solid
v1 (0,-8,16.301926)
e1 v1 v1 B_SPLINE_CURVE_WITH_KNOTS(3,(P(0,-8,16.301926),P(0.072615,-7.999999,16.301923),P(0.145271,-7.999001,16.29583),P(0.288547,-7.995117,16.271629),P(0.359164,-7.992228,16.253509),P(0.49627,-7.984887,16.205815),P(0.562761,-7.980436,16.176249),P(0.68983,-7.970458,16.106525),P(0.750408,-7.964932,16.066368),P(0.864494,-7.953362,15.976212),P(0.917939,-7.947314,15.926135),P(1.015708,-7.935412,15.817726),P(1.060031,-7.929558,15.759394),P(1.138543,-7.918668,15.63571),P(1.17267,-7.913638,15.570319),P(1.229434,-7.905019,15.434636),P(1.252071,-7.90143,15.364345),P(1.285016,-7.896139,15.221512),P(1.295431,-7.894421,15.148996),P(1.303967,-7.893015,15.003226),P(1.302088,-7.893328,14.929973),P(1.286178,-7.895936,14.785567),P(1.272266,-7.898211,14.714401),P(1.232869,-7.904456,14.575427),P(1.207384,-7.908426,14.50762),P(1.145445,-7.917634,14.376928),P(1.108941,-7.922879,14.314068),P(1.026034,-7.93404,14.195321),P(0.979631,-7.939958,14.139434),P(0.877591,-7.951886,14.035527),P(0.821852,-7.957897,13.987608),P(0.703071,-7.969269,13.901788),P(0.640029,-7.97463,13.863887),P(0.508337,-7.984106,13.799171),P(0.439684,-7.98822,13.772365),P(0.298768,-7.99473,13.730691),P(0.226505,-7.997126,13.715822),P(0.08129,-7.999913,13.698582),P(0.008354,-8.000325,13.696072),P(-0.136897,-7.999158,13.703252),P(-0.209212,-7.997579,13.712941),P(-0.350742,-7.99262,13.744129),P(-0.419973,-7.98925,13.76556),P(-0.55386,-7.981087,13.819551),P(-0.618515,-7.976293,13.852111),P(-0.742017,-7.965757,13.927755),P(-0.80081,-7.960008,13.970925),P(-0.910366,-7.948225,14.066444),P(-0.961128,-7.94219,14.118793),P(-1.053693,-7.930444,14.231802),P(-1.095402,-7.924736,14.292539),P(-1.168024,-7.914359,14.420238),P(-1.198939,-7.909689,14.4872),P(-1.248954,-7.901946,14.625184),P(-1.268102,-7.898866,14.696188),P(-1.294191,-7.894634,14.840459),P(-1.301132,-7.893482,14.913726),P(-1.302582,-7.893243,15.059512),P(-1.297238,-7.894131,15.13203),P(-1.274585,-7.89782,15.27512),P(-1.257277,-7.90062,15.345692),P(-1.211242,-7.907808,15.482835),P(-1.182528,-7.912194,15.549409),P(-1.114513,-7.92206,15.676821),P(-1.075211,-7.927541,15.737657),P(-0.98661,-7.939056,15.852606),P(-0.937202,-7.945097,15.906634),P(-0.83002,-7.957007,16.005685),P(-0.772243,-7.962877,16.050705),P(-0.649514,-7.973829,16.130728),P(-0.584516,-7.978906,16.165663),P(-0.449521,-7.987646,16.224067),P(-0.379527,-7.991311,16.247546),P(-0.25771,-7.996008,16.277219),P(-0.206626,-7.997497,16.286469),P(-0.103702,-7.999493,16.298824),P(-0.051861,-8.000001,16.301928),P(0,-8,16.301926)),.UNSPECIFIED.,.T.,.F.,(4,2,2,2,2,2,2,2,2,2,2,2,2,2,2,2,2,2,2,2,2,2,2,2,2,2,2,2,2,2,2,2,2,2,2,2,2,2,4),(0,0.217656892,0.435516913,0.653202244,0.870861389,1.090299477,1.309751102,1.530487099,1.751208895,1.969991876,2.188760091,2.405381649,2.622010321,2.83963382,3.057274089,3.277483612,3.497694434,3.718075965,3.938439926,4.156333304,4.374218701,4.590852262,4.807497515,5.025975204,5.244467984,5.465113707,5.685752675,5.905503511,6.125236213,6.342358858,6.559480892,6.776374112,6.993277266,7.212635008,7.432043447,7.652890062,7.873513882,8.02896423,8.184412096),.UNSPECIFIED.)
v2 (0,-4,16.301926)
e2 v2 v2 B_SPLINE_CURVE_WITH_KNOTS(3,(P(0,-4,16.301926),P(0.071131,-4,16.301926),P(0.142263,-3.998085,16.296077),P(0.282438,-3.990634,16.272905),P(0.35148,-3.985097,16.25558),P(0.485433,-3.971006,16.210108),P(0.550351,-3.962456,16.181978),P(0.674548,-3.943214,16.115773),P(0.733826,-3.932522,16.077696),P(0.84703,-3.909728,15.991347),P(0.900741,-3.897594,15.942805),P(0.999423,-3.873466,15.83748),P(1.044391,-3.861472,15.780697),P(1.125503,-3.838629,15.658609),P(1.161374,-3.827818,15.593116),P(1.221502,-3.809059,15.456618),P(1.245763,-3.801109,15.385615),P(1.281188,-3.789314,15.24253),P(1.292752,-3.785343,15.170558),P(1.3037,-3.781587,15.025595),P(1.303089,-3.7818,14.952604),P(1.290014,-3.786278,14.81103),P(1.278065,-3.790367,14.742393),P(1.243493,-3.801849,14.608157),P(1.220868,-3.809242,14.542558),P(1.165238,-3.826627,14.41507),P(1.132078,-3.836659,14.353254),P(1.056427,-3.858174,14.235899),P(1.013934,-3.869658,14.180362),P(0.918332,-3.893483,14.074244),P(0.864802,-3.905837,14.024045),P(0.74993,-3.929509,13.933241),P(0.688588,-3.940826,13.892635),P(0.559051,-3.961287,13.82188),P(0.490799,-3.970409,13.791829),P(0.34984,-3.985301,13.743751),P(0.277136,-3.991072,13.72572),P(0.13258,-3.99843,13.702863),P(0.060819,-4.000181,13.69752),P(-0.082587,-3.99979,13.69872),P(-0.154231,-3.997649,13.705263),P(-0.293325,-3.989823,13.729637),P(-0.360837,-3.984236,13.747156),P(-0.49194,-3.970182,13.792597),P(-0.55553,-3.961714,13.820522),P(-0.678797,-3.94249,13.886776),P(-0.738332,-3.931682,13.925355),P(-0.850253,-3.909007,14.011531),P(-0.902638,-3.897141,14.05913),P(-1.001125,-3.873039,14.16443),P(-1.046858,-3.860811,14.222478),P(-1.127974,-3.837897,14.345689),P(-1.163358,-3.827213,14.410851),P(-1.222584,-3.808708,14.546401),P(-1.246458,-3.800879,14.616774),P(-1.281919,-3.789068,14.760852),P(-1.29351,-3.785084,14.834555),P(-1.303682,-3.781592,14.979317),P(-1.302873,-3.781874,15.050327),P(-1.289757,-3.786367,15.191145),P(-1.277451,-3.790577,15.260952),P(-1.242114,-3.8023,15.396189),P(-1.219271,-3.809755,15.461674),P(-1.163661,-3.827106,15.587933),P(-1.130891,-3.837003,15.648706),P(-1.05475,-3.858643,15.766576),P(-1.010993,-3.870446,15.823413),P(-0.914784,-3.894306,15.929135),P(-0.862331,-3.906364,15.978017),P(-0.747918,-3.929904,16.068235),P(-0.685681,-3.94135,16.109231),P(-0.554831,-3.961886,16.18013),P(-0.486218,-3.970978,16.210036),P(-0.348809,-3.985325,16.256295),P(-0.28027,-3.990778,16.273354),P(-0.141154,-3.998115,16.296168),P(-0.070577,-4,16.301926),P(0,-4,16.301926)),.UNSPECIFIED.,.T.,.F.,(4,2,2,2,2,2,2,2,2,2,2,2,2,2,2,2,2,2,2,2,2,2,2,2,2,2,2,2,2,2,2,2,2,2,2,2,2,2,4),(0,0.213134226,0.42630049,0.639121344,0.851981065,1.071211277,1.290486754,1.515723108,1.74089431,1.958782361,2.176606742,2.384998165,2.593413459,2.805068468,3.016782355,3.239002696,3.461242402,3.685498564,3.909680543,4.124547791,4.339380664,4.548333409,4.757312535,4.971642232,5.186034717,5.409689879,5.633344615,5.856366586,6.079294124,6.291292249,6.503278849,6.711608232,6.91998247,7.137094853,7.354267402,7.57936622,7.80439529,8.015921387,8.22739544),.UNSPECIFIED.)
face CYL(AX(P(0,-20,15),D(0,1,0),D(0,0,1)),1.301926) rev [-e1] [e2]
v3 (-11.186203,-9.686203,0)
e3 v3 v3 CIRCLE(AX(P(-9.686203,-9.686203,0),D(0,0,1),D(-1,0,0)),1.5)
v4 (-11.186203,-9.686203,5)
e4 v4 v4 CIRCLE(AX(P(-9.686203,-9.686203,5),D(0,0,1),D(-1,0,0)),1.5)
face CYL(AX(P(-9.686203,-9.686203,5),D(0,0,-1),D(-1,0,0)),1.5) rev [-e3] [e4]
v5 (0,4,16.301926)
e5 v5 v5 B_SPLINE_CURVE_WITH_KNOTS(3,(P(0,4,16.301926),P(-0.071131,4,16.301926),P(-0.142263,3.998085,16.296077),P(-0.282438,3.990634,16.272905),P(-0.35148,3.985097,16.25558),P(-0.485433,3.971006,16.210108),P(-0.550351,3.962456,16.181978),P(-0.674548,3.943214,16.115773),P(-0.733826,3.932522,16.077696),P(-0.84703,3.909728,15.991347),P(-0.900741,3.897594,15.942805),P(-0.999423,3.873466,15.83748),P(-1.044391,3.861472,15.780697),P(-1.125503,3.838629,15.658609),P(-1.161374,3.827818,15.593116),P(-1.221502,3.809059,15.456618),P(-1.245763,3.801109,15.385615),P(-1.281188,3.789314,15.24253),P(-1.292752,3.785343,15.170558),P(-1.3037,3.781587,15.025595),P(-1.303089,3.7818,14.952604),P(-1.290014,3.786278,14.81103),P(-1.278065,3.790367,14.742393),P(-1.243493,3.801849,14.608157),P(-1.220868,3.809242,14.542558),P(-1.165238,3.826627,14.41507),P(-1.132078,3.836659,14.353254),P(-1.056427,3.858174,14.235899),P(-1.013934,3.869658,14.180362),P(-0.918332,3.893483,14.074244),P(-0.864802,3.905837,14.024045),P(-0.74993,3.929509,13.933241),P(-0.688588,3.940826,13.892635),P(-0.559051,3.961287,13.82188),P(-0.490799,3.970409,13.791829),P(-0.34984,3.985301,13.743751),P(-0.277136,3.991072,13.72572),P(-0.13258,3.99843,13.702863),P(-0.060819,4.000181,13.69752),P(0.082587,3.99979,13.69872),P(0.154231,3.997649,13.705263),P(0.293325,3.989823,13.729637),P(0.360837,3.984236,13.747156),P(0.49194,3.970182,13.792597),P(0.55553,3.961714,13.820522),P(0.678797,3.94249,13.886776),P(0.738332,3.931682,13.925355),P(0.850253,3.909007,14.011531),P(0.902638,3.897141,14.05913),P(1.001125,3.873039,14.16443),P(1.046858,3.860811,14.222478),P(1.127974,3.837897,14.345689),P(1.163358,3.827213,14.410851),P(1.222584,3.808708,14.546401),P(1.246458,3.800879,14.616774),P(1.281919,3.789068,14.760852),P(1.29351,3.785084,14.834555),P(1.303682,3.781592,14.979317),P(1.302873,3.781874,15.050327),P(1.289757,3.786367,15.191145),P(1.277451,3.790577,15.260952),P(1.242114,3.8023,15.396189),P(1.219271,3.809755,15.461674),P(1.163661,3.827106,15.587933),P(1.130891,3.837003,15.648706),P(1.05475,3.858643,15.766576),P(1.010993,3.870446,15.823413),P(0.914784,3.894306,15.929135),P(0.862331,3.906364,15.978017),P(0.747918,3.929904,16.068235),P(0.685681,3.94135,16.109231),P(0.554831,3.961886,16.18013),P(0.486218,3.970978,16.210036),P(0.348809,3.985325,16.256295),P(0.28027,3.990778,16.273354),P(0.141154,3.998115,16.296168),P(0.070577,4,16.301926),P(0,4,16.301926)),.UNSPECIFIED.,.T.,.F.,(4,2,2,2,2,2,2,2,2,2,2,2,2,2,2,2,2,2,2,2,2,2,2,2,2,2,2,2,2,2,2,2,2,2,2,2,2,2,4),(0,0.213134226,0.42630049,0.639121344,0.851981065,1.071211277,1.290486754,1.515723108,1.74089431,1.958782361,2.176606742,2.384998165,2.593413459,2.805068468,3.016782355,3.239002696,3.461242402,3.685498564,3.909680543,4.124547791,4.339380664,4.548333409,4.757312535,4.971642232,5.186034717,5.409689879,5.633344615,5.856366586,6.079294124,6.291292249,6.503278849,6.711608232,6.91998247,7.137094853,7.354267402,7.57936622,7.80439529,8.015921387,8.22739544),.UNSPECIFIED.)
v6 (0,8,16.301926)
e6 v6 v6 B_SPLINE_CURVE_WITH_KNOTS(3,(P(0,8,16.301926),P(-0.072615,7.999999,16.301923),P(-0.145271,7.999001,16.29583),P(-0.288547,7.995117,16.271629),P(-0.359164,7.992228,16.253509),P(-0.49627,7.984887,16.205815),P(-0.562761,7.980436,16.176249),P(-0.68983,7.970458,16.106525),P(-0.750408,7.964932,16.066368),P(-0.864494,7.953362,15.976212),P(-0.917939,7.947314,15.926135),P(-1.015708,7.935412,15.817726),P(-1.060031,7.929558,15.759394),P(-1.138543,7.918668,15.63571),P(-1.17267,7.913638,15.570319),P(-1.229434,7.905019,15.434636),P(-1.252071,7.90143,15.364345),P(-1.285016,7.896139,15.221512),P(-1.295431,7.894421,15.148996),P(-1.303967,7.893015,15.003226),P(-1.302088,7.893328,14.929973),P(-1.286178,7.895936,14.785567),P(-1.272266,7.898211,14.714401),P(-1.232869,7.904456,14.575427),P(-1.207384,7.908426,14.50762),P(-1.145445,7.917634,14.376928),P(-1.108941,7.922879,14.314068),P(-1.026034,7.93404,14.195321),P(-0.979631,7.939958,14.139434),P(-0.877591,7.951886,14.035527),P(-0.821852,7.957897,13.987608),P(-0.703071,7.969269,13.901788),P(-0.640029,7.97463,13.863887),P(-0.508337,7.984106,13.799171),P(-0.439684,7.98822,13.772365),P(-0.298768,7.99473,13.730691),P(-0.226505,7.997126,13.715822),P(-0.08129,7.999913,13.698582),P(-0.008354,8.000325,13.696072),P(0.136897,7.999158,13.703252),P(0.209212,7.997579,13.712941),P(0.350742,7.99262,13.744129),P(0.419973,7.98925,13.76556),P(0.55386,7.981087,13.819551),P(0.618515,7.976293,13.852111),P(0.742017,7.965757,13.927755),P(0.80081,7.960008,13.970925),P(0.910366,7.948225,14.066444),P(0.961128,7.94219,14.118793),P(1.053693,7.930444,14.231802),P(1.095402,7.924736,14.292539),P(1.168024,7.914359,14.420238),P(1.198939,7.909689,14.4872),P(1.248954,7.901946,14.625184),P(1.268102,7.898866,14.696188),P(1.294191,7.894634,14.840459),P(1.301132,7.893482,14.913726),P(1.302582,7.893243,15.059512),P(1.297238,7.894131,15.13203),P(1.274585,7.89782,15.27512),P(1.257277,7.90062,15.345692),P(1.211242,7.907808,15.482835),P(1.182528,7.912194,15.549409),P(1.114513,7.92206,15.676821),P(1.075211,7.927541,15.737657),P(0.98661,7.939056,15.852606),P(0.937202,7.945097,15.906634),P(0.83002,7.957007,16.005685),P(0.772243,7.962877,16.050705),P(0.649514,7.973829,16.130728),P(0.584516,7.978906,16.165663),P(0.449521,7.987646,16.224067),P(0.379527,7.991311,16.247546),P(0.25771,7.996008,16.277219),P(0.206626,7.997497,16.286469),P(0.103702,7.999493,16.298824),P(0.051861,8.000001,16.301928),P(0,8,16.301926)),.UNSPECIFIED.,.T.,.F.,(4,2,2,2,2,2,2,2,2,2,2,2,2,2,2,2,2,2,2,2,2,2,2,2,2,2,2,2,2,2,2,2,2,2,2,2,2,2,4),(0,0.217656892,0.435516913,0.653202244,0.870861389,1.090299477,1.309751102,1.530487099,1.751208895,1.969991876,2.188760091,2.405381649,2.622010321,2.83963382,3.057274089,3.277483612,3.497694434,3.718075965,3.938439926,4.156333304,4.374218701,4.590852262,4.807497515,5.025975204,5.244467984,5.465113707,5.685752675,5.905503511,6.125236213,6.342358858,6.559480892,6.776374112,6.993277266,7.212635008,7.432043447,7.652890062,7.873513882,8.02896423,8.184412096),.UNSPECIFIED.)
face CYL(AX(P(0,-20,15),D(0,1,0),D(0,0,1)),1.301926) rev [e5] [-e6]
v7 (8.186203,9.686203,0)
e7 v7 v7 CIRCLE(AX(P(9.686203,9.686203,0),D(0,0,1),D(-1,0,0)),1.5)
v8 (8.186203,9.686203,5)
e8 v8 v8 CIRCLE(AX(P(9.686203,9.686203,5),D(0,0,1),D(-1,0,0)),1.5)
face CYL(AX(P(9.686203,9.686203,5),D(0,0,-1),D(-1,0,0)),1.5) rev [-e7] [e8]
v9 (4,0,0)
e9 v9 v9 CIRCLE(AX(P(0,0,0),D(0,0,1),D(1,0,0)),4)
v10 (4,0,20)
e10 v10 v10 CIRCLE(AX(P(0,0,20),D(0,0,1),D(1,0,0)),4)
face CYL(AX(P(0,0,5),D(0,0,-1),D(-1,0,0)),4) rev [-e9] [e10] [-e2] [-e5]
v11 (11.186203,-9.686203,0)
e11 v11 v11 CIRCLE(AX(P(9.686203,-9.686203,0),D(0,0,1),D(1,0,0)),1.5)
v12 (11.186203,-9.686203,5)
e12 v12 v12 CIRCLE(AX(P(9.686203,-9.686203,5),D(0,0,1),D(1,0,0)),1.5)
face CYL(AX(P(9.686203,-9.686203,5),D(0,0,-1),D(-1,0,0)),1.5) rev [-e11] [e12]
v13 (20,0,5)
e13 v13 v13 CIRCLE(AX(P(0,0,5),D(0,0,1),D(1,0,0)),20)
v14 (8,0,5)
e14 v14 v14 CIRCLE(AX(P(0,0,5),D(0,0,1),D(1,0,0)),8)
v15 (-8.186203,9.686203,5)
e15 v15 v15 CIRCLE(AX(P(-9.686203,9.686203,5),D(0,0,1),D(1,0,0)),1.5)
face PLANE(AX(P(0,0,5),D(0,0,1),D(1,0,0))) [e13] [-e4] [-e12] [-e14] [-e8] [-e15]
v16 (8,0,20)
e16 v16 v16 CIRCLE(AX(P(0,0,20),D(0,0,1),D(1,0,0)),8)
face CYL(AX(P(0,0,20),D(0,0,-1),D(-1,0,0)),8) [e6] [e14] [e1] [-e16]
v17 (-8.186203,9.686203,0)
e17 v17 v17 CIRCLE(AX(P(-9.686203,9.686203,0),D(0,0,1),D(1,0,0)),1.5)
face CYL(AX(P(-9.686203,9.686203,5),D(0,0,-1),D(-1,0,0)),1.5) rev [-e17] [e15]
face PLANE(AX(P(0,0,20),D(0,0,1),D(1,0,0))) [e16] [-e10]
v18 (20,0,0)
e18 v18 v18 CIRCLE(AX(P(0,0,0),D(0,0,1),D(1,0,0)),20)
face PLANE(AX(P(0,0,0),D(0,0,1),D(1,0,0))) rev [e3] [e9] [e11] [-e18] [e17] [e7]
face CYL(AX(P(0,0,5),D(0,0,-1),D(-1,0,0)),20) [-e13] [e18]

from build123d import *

# Parameters (mm, degrees)
SKETCH1_R               = 20
SKETCH1_R_2             = 4
SKETCH1_R_3             = 1.5
BOSS_EXTRUDE1_DEPTH     = 5
SKETCH2_R               = 8
SKETCH2_R_2             = 4
BOSS_EXTRUDE2_DEPTH     = 15
CUT_EXTRUDE1_DEPTH      = 35.641016151
CUT_EXTRUDE1_DEPTH_BACK = 35.641016151
SKETCH3_R               = 1.301925598


with BuildPart() as part:
    # Sketch1 → Boss-Extrude1 (new body)
    with BuildSketch(Plane.XY):
        Circle(SKETCH1_R)
        Circle(SKETCH1_R_2, mode=Mode.SUBTRACT)
        with Locations((-9.686203462, 9.686203462)):
            Circle(SKETCH1_R_3, mode=Mode.SUBTRACT)
        with Locations(Location((9.686203462, 9.686203462, 0), (0, 0, 180))):
            Circle(SKETCH1_R_3, mode=Mode.SUBTRACT)
        with Locations((9.686203462, -9.686203462)):
            Circle(SKETCH1_R_3, mode=Mode.SUBTRACT)
        with Locations(Location((-9.686203462, -9.686203462, 0), (0, 0, 180))):
            Circle(SKETCH1_R_3, mode=Mode.SUBTRACT)
    extrude(amount=BOSS_EXTRUDE1_DEPTH)

    # Sketch2 → Boss-Extrude2 (add)
    with BuildSketch(Plane.XY.offset(5)):
        Circle(SKETCH2_R)
        Circle(SKETCH2_R_2, mode=Mode.SUBTRACT)
    extrude(amount=BOSS_EXTRUDE2_DEPTH)

    # Sketch3 → Cut-Extrude1 (cut, two sides: drawn at the far end of the back side and taken through both)
    with BuildSketch(Plane(origin=(0, 0, 0), x_dir=(1, 0, 0), z_dir=(0, 1, 0)).offset(-CUT_EXTRUDE1_DEPTH_BACK)):
        with Locations(Location((0, -15, 0), (0, 0, 270))):
            Circle(SKETCH3_R)
    extrude(amount=CUT_EXTRUDE1_DEPTH + CUT_EXTRUDE1_DEPTH_BACK, mode=Mode.SUBTRACT)


solid = part.part
